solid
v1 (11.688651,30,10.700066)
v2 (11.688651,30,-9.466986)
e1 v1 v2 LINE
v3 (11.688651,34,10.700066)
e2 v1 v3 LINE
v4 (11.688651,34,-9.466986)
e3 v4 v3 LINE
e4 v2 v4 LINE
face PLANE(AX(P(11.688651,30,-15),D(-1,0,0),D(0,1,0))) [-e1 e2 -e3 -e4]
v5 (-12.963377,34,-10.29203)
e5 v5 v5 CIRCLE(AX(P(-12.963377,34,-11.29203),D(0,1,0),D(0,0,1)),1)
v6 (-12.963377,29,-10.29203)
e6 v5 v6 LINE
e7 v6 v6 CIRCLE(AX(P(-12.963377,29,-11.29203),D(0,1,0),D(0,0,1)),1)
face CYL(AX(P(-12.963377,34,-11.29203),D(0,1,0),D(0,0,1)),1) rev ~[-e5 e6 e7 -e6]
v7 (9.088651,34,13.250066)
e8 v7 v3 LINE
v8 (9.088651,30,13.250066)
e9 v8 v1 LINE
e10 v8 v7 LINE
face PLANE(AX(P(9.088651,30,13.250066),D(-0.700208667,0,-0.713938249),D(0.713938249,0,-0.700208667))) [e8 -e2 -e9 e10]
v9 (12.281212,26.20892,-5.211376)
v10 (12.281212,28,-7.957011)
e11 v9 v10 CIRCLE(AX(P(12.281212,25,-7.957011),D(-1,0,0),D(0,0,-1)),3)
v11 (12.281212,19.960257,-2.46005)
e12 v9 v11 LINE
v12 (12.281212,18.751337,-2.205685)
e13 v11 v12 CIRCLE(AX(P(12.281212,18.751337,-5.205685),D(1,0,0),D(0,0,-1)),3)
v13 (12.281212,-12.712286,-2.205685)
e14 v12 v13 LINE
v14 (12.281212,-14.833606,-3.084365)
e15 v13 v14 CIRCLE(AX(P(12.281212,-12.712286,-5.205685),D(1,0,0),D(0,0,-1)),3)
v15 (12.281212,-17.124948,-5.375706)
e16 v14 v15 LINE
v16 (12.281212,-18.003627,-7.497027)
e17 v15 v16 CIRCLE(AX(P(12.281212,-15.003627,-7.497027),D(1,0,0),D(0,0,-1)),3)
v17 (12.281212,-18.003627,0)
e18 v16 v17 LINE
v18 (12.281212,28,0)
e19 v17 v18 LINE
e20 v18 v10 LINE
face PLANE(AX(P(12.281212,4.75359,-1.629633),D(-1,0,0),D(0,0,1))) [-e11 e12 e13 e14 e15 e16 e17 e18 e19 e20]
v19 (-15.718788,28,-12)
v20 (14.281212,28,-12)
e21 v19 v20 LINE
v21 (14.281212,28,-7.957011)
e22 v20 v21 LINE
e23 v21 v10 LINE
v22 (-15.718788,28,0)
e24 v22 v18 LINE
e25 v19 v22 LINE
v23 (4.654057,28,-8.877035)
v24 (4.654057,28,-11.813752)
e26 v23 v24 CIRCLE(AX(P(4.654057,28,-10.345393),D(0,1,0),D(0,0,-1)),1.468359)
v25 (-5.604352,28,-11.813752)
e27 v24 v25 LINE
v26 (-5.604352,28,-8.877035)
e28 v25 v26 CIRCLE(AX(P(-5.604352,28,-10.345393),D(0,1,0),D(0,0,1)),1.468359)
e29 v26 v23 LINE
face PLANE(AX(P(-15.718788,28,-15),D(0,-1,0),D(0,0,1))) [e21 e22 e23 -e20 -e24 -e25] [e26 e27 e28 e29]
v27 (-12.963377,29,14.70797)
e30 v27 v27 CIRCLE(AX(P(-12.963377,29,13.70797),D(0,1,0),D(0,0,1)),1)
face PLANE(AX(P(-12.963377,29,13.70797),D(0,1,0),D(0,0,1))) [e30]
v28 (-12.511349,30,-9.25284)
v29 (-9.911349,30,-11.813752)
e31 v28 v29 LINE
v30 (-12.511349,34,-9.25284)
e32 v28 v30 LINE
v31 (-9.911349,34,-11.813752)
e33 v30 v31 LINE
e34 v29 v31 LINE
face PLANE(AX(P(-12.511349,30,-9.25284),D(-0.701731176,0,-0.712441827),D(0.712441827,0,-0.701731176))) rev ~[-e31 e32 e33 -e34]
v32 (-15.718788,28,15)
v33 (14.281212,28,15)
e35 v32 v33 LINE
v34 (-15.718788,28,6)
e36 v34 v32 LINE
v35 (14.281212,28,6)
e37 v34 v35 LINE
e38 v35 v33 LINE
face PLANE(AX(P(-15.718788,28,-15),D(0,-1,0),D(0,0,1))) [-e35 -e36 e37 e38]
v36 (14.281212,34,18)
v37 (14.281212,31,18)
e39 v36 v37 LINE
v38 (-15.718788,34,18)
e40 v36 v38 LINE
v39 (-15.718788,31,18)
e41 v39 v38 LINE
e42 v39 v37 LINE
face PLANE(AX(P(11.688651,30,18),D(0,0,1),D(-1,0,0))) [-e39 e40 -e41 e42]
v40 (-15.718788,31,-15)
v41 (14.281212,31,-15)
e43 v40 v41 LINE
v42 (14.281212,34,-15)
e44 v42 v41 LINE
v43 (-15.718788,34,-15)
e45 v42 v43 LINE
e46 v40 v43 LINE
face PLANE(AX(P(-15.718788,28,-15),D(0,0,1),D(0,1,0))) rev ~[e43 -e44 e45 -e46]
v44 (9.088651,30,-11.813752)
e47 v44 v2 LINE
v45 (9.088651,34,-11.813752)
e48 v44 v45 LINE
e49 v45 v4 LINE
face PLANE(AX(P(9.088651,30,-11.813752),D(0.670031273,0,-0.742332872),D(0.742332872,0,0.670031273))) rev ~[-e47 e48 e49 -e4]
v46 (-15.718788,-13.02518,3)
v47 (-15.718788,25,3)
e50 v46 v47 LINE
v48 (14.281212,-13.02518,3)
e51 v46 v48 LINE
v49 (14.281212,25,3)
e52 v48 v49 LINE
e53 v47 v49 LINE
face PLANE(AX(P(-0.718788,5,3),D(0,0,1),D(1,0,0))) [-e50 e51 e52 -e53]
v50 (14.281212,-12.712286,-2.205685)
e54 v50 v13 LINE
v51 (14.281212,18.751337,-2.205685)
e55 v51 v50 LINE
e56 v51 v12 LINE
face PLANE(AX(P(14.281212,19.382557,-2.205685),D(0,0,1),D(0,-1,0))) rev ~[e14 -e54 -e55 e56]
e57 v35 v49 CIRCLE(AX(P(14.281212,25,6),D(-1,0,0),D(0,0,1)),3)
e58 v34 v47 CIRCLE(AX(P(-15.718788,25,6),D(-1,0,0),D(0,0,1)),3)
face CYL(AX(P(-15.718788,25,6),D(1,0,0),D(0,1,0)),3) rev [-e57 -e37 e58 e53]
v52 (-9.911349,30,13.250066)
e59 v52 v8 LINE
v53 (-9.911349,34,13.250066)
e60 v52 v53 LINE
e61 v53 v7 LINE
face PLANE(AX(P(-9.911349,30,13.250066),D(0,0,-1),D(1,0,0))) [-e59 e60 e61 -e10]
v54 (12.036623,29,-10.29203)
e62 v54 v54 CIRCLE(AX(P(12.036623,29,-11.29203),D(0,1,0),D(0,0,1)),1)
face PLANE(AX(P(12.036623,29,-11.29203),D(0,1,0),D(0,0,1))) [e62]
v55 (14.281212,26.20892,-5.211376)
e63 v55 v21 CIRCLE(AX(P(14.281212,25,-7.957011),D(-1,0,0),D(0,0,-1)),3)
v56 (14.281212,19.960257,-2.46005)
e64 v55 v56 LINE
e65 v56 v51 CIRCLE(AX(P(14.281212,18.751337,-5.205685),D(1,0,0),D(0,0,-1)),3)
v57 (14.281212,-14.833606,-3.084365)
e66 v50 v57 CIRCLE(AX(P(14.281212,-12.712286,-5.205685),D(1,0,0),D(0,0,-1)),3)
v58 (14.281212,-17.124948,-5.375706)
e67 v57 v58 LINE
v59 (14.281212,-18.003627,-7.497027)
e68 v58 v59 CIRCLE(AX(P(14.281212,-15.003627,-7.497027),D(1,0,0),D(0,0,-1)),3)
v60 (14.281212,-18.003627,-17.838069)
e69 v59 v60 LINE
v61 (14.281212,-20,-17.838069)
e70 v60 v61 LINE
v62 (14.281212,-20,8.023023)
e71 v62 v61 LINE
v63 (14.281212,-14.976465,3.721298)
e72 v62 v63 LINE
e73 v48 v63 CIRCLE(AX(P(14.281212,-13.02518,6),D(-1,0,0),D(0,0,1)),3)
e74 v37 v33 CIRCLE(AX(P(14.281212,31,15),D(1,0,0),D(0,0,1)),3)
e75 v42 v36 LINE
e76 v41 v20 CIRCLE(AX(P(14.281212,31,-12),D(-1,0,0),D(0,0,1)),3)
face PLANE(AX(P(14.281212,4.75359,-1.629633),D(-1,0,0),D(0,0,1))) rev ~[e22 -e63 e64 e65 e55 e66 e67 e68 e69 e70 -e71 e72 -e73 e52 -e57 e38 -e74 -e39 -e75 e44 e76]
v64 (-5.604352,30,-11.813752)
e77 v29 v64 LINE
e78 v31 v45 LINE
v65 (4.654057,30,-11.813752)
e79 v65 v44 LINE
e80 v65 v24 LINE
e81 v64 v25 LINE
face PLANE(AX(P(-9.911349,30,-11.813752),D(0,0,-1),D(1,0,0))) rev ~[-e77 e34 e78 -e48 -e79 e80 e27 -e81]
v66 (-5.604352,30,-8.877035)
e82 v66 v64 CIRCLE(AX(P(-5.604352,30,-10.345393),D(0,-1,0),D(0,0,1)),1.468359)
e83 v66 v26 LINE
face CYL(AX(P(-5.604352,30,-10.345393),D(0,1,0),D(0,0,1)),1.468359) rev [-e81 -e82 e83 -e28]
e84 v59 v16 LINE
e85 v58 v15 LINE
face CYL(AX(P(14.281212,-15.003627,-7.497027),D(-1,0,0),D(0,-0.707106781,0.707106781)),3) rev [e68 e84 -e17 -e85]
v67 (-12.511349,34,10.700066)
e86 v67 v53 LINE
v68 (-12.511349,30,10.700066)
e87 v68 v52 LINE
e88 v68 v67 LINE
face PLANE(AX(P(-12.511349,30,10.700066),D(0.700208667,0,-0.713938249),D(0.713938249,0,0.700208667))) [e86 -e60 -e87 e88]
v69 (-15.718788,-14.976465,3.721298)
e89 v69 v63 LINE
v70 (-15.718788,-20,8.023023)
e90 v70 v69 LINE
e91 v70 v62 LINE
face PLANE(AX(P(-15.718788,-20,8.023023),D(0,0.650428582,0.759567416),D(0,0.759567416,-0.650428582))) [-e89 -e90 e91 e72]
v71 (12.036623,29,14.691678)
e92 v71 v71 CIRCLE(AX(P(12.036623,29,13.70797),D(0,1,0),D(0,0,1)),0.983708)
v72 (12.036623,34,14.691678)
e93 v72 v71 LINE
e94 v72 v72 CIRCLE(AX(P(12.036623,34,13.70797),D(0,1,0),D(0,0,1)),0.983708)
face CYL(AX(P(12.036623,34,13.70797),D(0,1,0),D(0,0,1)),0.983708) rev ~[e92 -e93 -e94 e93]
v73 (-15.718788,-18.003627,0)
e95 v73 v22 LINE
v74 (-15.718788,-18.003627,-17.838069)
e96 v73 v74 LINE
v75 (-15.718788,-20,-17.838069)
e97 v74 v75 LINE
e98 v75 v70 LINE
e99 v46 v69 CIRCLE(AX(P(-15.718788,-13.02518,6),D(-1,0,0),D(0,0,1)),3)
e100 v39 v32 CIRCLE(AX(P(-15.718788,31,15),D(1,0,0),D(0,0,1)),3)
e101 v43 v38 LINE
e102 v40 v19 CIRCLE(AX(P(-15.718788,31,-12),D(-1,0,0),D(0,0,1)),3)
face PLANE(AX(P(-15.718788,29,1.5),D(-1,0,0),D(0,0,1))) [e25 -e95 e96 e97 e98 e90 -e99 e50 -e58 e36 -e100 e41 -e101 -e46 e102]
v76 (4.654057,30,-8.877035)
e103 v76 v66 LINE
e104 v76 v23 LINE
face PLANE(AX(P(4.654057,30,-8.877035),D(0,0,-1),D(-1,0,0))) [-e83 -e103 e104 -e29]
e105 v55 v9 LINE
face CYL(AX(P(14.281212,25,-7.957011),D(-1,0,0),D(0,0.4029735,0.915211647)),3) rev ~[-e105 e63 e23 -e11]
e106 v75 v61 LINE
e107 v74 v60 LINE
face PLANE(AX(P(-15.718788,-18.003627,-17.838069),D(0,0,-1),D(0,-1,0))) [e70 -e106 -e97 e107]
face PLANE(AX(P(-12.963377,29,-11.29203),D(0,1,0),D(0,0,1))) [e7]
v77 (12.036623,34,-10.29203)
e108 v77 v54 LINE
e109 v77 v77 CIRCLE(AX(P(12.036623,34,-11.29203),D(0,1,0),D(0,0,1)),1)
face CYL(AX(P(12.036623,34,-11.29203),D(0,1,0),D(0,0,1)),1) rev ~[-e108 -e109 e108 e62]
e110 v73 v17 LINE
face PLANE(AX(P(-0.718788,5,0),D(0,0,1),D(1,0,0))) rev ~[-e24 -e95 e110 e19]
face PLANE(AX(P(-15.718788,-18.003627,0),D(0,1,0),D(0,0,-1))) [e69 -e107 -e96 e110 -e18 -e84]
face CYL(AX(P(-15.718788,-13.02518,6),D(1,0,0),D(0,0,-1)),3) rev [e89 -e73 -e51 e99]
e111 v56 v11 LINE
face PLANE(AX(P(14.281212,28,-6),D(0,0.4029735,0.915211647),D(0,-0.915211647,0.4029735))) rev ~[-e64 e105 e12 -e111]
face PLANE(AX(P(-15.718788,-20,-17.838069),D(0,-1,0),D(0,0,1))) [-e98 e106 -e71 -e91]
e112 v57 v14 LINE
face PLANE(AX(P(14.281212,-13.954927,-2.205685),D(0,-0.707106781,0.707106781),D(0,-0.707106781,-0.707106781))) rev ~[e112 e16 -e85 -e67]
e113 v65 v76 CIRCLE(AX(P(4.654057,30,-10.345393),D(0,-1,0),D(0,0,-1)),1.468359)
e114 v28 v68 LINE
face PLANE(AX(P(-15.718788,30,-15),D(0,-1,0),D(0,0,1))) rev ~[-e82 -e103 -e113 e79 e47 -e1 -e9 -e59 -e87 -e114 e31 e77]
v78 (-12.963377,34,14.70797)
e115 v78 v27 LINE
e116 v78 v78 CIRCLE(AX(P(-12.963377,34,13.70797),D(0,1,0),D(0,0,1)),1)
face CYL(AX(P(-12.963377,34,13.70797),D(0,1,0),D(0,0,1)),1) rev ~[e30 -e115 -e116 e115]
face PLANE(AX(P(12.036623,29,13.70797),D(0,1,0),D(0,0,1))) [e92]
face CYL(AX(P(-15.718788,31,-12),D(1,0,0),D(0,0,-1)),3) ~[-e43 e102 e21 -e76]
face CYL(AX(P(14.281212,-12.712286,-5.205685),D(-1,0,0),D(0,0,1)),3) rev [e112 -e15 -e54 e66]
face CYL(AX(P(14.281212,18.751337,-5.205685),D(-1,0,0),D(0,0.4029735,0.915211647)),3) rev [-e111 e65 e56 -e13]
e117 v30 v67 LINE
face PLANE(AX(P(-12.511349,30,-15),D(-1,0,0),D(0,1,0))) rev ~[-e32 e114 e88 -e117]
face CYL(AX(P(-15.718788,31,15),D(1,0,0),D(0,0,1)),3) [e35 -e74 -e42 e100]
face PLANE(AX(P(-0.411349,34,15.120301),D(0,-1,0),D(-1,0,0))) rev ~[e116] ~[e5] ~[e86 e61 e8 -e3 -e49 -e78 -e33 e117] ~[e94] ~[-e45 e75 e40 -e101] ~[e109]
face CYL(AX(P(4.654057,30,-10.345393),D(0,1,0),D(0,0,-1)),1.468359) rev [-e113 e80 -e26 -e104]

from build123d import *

# Parameters (mm, degrees)
SKETCH_1_W           = 30
SKETCH_1_H           = 50
EXTRUDE_1_DEPTH      = 3
EXTRUDE_2_DEPTH      = 30
EXTRUDE_3_DEPTH      = 15
EXTRUDE_3_DEPTH_BACK = 18
SKETCH_3_W           = 3.207439814
SKETCH_3_H           = 4
SKETCH_3_W_2         = 2.592560186
SKETCH_4_W           = 33
SKETCH_4_H           = 2
EXTRUDE_4_DEPTH      = 30
EXTRUDE_5_DEPTH      = 4
CUT_EXTRUDE_1_DEPTH  = 5
SKETCH_7_R           = 1
SKETCH_7_R_2         = 0.983708166
CUT_EXTRUDE_2_DEPTH  = 5
FILLET_1_R           = 3
FILLET_2_R           = 3
EXTRUDE_6_DEPTH      = 2
FILLET_3_R           = 3
FILLET_4_R           = 3


with BuildPart() as part:
    # 草图1 → 凸台-拉伸1 (new body)
    with BuildSketch(Plane.XY):
        with Locations((-0.718788486, 5)):
            Rectangle(SKETCH_1_W, SKETCH_1_H)
    extrude(amount=EXTRUDE_1_DEPTH)

    # 草图2 → 凸台-拉伸2 (add)
    with BuildSketch(Plane.ZY.offset(15.718788486)):
        Polygon((0, -18.003627417), (-17.838069007, -18.003627417), (-17.838069007, -20), (8.023023193, -20), (3, -14.134137312), align=None)
    extrude(amount=-EXTRUDE_2_DEPTH)

    # 草图3 → 凸台-拉伸3 (add, two sides: drawn at the far end of the back side and taken through both)
    with BuildSketch(Plane.XY.offset(3).offset(-EXTRUDE_3_DEPTH_BACK)):
        with Locations((-14.115068579, 32)):
            Rectangle(SKETCH_3_W, SKETCH_3_H)
        with Locations((12.984931421, 32)):
            Rectangle(SKETCH_3_W_2, SKETCH_3_H)
    extrude(amount=EXTRUDE_3_DEPTH + EXTRUDE_3_DEPTH_BACK)

    # 草图4 → 凸台-拉伸4 (add)
    with BuildSketch(Plane.ZY.offset(15.718788486)):
        with Locations((1.5, 29)):
            Rectangle(SKETCH_4_W, SKETCH_4_H)
    extrude(amount=-EXTRUDE_4_DEPTH)

    # 草图5 → 凸台-拉伸5 (add)
    with BuildSketch(Plane(origin=(0, 30, 0), x_dir=(1, 0, 0), z_dir=(0, 1, 0))):
        Polygon((11.688651328, -18), (-12.511348672, -18), (-12.511348672, -10.700066454), (-9.911348672, -13.250066454), (9.088651328, -13.250066454), (11.688651328, -10.700066454), align=None)
        Polygon((-12.511348672, 15), (-12.511348672, 9.252839713), (-9.911348672, 11.813752042), (9.088651328, 11.813752042), (11.688651328, 9.466986357), (11.688651328, 12.549933546), (11.688651328, 15), align=None)
    extrude(amount=EXTRUDE_5_DEPTH)

    # 草图6 → 切除-拉伸1 (cut)
    with BuildSketch(Plane(origin=(0, 30, 0), x_dir=(1, 0, 0), z_dir=(0, 1, 0))):
        with BuildLine():
            Line((4.654057322, 8.877034891), (-5.604351552, 8.877034891))
            ThreePointArc((-5.604351552, 8.877034891), (-7.072710128, 10.345393466), (-5.604351552, 11.813752042))
            Line((-5.604351552, 11.813752042), (4.654057322, 11.813752042))
            ThreePointArc((4.654057322, 11.813752042), (6.122415898, 10.345393466), (4.654057322, 8.877034891))
        make_face()
    extrude(amount=-CUT_EXTRUDE_1_DEPTH, mode=Mode.SUBTRACT)

    # 草图7 → 切除-拉伸2 (cut)
    with BuildSketch(Plane(origin=(0, 34, 0), x_dir=(1, 0, 0), z_dir=(0, 1, 0))):
        with Locations(Location((-12.963376937, -13.707969551, 0), (0, 0, 270))):
            Circle(SKETCH_7_R)
        with Locations(Location((12.036623063, -13.707969551, 0), (0, 0, 270))):
            Circle(SKETCH_7_R_2)
        with Locations(Location((12.036623063, 11.292030449, 0), (0, 0, 270))):
            Circle(SKETCH_7_R)
        with Locations(Location((-12.963376937, 11.292030449, 0), (0, 0, 270))):
            Circle(SKETCH_7_R)
    extrude(amount=-CUT_EXTRUDE_2_DEPTH, mode=Mode.SUBTRACT)

    # 圆角1
    fillet_1_edges = [part.edges().sort_by_distance(p)[0] for p in [
        (-0.718788486, 28, -15),
        (-0.718788486, 28, 18),
    ]]
    fillet(fillet_1_edges, radius=FILLET_1_R)

    # 圆角2
    fillet_2_edges = [part.edges().sort_by_distance(p)[0] for p in [
        (-0.718788486, 28, 3),
    ]]
    fillet(fillet_2_edges, radius=FILLET_2_R)

    # 草图11 → 凸台-拉伸6 (add)
    with BuildSketch(Plane(origin=(14.281211514, 0, 0), x_dir=(0, 0, -1), z_dir=(1, 0, 0))):
        Polygon((6, 28), (2.205685264, 19.382557308), (2.205685264, -13.954926573), (6.254386108, -18.003627417), (0, -18.003627417), (0, 28), align=None)
    extrude(amount=-EXTRUDE_6_DEPTH)

    # 圆角3
    fillet_3_edges = [part.edges().sort_by_distance(p)[0] for p in [
        (13.281211514, 28, -6),
        (13.281211514, 19.382557308, -2.205685264),
        (13.281211514, -13.954926573, -2.205685264),
        (13.281211514, -18.003627417, -6.254386108),
    ]]
    fillet(fillet_3_edges, radius=FILLET_3_R)

    # 圆角4
    fillet_4_edges = [part.edges().sort_by_distance(p)[0] for p in [
        (-0.718788486, -14.134137312, 3),
    ]]
    fillet(fillet_4_edges, radius=FILLET_4_R)


solid = part.part
